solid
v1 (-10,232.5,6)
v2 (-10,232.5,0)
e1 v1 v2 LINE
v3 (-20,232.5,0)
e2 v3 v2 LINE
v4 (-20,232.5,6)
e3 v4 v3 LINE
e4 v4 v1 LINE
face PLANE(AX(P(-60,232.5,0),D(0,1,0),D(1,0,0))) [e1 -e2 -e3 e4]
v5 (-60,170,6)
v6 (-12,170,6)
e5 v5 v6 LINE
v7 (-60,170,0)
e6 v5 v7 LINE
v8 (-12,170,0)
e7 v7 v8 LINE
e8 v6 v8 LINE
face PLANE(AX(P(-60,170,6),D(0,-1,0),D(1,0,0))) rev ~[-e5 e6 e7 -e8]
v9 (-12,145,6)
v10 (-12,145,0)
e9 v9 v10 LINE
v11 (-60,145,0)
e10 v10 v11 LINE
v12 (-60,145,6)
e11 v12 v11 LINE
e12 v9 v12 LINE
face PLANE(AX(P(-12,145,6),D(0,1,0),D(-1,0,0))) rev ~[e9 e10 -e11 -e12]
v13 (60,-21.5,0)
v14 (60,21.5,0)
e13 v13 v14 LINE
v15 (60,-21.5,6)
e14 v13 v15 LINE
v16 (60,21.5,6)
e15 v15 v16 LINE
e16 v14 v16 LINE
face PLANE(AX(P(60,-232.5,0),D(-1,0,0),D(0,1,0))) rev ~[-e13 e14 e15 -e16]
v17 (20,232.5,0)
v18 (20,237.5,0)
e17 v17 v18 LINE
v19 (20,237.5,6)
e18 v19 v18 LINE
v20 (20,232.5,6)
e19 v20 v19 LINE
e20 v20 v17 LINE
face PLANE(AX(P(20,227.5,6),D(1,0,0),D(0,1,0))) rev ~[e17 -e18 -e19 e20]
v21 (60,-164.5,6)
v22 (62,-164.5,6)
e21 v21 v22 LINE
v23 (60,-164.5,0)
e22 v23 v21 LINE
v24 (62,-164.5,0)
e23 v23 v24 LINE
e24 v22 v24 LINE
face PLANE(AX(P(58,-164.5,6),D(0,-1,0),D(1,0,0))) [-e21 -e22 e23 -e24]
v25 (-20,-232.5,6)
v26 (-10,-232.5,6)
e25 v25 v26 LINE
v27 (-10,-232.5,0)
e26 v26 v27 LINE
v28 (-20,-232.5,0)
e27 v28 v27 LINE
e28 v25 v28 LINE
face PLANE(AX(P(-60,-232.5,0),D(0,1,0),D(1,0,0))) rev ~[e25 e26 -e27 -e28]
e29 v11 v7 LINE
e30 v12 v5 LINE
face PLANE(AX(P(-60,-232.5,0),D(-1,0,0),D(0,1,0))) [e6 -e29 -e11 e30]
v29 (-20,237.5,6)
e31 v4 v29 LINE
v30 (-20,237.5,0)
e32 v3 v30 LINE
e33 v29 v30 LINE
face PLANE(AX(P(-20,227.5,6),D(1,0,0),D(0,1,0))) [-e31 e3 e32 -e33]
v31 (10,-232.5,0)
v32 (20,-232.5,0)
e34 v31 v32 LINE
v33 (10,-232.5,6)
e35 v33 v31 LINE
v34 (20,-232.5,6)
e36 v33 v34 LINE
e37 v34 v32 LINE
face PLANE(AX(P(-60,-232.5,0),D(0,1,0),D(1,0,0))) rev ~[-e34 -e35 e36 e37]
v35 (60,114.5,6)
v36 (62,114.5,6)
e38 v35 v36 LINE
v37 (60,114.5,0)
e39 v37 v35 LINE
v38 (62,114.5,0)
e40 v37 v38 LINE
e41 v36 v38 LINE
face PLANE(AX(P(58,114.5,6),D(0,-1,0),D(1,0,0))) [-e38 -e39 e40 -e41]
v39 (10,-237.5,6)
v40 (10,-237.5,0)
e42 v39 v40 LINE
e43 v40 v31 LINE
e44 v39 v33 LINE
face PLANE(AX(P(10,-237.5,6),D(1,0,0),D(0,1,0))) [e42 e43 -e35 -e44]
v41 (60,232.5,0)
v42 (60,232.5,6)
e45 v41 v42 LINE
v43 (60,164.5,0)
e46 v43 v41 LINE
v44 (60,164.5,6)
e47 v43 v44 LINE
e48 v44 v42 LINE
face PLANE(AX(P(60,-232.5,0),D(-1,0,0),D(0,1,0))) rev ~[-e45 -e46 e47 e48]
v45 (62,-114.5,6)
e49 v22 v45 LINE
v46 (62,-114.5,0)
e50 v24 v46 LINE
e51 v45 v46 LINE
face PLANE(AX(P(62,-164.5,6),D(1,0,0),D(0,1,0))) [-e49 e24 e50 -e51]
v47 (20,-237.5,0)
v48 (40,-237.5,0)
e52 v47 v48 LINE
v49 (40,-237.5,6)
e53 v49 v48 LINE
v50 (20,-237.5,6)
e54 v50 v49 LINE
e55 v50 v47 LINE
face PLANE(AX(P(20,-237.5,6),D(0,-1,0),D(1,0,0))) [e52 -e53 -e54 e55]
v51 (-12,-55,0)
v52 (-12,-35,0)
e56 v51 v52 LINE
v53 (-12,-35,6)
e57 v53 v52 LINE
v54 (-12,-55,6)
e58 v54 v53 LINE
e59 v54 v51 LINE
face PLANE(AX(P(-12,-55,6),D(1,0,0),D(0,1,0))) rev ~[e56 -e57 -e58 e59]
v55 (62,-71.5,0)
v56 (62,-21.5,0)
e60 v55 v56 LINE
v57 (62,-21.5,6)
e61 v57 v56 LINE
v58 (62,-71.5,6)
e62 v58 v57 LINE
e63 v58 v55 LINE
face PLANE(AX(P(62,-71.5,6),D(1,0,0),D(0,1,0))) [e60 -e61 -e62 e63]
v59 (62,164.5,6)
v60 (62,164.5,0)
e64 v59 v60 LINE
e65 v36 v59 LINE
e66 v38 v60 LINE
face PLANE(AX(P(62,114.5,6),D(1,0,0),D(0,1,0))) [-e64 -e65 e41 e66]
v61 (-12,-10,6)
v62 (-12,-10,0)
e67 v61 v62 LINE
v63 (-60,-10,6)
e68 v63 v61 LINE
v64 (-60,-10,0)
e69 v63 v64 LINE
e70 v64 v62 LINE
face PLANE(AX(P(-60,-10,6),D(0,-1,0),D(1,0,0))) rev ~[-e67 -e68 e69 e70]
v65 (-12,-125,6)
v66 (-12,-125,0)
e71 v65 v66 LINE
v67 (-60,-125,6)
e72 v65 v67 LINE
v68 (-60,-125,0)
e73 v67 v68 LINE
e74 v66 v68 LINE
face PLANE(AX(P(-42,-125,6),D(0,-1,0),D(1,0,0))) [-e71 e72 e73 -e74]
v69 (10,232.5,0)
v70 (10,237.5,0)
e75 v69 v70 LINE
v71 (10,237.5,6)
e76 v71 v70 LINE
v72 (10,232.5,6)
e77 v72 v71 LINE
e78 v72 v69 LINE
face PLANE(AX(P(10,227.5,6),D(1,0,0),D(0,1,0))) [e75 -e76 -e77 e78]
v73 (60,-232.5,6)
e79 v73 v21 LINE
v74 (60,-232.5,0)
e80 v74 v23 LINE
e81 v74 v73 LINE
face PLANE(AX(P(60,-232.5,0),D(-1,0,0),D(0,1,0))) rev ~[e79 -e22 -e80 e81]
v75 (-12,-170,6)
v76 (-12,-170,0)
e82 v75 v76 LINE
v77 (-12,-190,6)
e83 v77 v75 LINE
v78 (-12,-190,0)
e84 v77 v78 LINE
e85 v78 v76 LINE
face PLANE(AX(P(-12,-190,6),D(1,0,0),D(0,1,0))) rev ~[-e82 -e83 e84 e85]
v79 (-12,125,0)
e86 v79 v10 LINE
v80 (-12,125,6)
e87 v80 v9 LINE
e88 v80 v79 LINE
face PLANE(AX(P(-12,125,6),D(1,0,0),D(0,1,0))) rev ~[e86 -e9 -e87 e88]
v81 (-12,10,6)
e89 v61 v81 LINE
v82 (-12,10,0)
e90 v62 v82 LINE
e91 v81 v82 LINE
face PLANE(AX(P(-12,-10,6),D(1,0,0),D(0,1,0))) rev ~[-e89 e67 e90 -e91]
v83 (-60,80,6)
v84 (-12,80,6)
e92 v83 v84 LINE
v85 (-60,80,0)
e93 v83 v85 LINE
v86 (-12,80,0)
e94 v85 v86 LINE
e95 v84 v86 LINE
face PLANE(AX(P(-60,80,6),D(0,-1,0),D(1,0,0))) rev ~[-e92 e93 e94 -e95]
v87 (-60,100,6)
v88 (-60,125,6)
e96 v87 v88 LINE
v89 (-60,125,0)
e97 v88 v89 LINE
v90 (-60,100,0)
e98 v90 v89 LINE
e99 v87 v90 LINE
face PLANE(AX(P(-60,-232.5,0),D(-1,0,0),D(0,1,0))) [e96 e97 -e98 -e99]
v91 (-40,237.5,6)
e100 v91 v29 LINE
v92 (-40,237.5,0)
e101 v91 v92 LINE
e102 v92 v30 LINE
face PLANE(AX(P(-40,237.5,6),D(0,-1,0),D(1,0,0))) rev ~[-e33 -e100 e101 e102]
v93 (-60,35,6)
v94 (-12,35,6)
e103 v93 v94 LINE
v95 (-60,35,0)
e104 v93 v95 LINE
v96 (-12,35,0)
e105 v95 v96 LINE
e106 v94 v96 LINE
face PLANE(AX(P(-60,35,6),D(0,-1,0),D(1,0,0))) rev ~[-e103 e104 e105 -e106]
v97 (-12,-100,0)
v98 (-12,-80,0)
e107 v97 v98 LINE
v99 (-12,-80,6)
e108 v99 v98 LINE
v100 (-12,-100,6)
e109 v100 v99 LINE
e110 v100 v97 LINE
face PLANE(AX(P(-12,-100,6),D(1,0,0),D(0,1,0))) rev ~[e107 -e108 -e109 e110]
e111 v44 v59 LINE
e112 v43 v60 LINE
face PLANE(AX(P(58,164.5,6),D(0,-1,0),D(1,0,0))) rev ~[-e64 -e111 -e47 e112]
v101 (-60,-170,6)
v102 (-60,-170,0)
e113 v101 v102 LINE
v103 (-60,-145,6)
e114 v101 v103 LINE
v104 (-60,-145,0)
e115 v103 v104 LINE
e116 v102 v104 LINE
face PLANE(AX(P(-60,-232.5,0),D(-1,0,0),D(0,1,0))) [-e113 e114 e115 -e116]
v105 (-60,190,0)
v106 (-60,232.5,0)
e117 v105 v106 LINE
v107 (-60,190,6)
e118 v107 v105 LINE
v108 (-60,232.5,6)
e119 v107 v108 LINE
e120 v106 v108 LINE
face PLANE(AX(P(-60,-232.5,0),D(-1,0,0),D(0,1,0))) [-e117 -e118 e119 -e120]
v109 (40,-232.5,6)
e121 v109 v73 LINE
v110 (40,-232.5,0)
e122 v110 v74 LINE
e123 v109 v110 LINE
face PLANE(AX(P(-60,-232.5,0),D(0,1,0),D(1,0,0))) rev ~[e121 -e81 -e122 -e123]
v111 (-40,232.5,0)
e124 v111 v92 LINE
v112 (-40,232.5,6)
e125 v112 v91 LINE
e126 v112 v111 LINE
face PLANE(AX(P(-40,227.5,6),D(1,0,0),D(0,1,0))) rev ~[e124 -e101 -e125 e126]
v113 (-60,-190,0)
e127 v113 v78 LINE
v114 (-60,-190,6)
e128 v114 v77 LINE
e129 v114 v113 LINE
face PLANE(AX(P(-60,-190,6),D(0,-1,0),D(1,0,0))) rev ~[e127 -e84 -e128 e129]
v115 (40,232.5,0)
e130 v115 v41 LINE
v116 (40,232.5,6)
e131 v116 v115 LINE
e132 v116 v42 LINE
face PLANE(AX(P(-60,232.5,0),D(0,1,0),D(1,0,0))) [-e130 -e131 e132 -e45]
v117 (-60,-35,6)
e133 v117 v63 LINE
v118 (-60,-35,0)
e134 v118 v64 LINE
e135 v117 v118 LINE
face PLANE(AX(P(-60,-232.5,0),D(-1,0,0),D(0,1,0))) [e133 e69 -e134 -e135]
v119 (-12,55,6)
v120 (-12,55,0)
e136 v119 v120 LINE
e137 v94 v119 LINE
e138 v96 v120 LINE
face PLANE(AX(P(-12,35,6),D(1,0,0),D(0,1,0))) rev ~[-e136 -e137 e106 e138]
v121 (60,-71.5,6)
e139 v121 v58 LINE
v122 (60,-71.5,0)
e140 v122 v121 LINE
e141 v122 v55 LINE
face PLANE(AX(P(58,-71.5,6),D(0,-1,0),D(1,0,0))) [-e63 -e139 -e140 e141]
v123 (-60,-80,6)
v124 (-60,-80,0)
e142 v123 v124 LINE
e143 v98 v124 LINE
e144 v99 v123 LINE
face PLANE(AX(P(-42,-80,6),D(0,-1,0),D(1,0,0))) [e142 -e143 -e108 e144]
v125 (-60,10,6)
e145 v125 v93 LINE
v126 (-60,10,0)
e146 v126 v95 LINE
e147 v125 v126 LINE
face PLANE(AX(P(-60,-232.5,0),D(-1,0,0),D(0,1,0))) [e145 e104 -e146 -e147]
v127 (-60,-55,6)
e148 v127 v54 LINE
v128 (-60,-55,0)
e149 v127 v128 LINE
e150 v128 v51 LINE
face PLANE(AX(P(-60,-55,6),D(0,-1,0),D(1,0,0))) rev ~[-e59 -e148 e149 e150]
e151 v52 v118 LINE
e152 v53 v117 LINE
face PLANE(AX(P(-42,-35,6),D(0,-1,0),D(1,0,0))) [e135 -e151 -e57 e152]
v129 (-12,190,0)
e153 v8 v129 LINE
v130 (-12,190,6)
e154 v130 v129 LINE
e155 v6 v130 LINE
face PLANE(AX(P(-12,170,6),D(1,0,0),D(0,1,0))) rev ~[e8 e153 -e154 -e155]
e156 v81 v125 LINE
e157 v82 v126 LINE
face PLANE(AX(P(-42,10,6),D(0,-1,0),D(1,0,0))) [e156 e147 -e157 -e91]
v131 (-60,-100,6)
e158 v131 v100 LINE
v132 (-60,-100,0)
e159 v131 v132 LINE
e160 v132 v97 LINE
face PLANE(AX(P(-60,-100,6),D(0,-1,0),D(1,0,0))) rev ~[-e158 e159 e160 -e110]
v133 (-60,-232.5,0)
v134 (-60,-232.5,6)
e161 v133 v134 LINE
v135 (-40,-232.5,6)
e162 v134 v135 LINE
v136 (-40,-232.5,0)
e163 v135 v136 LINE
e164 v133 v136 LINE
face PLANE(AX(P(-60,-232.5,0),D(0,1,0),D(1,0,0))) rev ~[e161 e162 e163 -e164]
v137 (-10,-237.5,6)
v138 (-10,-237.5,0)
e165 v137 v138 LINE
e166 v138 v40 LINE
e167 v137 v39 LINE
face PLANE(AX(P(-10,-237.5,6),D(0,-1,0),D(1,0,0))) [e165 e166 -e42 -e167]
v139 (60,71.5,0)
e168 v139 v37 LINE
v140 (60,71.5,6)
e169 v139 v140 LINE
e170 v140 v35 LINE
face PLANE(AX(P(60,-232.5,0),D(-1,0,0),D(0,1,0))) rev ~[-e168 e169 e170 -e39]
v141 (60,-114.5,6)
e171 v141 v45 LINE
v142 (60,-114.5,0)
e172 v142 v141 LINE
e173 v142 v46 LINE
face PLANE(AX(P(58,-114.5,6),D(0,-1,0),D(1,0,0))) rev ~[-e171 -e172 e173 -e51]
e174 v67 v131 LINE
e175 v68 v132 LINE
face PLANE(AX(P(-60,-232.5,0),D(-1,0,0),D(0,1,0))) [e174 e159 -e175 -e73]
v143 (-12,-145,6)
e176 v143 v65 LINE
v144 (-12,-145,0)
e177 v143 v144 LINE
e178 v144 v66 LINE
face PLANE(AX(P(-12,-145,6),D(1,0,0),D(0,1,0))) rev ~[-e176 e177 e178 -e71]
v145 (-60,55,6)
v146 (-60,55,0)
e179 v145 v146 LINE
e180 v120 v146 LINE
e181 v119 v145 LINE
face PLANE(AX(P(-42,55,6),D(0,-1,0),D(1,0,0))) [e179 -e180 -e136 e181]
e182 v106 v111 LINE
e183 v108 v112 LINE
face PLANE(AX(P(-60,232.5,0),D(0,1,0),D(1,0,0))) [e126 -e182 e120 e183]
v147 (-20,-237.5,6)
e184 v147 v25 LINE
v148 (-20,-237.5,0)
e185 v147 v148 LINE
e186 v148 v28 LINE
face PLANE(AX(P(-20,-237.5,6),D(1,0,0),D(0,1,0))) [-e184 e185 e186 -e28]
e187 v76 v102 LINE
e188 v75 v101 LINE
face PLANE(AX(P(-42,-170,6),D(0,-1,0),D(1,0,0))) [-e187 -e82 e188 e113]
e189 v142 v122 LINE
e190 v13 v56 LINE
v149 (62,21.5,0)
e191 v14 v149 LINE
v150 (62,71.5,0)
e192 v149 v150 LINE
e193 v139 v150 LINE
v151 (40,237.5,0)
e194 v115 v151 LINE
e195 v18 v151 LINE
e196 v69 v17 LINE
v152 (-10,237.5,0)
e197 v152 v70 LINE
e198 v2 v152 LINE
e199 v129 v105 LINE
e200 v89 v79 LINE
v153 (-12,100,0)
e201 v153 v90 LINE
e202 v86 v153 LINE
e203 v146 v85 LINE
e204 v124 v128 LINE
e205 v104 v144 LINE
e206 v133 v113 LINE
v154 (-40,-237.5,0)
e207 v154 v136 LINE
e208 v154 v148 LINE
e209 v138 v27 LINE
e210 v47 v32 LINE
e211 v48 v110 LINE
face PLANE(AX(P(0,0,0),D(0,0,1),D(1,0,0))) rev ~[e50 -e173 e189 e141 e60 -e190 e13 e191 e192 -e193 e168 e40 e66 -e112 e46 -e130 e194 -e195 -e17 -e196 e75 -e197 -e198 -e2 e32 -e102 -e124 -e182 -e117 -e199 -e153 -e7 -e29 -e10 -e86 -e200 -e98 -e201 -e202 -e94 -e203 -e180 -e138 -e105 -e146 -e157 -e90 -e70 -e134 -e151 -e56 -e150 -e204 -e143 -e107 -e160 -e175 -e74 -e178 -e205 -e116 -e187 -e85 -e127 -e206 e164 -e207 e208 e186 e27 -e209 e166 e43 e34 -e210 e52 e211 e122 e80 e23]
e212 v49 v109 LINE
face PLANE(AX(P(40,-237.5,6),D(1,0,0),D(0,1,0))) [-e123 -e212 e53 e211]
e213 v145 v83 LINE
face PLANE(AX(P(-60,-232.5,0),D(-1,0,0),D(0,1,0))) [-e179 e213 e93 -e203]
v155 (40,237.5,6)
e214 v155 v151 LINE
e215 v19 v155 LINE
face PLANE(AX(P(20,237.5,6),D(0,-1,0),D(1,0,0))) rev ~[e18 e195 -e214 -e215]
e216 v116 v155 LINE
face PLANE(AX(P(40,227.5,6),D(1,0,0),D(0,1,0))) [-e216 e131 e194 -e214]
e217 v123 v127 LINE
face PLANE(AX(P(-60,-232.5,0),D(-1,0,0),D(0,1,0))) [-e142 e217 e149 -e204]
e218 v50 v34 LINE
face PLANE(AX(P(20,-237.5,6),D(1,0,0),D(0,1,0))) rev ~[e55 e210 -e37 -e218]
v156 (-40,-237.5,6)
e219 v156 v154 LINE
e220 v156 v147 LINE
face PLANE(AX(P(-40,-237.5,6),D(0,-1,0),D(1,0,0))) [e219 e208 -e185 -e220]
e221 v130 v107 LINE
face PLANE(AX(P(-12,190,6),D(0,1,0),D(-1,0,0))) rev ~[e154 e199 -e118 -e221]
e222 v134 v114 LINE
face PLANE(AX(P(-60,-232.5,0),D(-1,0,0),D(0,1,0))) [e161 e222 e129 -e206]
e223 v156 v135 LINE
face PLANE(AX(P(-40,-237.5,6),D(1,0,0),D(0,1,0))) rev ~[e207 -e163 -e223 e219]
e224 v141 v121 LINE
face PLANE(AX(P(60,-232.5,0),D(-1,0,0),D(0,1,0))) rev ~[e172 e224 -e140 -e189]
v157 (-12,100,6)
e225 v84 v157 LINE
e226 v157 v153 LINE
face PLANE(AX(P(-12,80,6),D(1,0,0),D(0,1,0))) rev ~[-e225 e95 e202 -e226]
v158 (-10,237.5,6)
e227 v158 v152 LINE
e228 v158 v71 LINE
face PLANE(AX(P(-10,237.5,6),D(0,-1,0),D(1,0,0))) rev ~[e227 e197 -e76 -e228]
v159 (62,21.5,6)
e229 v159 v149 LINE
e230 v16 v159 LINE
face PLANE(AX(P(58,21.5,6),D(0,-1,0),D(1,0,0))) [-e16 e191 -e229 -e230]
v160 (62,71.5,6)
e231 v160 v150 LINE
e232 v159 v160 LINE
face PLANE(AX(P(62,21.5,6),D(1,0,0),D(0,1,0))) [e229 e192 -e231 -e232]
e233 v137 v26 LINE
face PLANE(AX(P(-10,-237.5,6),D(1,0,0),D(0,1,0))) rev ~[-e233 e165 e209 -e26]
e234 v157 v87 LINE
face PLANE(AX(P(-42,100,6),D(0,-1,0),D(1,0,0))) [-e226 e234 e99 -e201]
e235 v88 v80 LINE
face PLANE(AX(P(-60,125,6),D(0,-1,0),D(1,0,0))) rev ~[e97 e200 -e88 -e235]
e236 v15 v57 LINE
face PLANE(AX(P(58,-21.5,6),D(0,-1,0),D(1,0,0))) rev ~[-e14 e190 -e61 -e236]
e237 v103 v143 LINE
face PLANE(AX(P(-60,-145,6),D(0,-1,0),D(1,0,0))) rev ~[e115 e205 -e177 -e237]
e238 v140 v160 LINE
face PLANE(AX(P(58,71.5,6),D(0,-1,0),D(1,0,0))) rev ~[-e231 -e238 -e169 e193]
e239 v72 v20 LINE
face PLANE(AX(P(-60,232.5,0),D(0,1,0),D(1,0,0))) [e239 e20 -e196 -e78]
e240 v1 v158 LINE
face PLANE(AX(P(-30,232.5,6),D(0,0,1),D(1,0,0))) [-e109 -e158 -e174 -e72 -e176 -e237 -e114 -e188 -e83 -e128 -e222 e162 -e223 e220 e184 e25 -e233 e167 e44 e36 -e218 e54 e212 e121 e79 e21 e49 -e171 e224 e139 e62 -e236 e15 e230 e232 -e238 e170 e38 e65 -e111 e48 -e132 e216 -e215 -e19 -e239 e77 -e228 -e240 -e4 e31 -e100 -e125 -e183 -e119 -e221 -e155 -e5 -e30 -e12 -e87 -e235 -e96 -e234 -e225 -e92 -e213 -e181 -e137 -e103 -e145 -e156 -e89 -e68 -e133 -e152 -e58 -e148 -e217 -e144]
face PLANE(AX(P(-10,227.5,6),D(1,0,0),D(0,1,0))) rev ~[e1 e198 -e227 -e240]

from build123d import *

# Parameters (mm, degrees)
SKETCH1_W           = 120
SKETCH1_H           = 465
BOSS_EXTRUDE1_DEPTH = 6
SKETCH2_W           = 30
SKETCH2_H           = 20
CUT_EXTRUDE1_DEPTH  = 8
SKETCH4_W           = 20
SKETCH4_H           = 10
SKETCH4_W_2         = 4
SKETCH4_H_2         = 50
BOSS_EXTRUDE2_DEPTH = 6
SKETCH5_W           = 18
SKETCH5_H           = 20
CUT_EXTRUDE2_DEPTH  = 10


with BuildPart() as part:
    # Sketch1 → Boss-Extrude1 (new body)
    with BuildSketch(Plane.XY):
        Rectangle(SKETCH1_W, SKETCH1_H)
    extrude(amount=BOSS_EXTRUDE1_DEPTH)

    # Sketch2 → Cut-Extrude1 (cut)
    with BuildSketch(Plane.XY.offset(6)):
        Polygon((-12, 190), (-42, 190), (-42, 180), (-42, 170), (-12, 170), align=None)
        Polygon((-12, 145), (-42, 145), (-42, 135), (-42, 125), (-12, 125), align=None)
        with Locations((-27, 90)):
            Rectangle(SKETCH2_W, SKETCH2_H)
        with Locations((-27, 45)):
            Rectangle(SKETCH2_W, SKETCH2_H)
        with Locations((-27, 0)):
            Rectangle(SKETCH2_W, SKETCH2_H)
        with Locations((-27, -45)):
            Rectangle(SKETCH2_W, SKETCH2_H)
        with Locations((-27, -90)):
            Rectangle(SKETCH2_W, SKETCH2_H)
        with Locations((-27, -135)):
            Rectangle(SKETCH2_W, SKETCH2_H)
        with Locations((-27, -180)):
            Rectangle(SKETCH2_W, SKETCH2_H)
    extrude(amount=-CUT_EXTRUDE1_DEPTH, mode=Mode.SUBTRACT)

    # Sketch4 → Boss-Extrude2 (add)
    with BuildSketch(Plane.XY.offset(6)):
        with Locations((-30, 232.5)):
            Rectangle(SKETCH4_W, SKETCH4_H)
        with Locations((0, 232.5)):
            Rectangle(SKETCH4_W, SKETCH4_H)
        with Locations((30, 232.5)):
            Rectangle(SKETCH4_W, SKETCH4_H)
        with Locations((-30, -232.5)):
            Rectangle(SKETCH4_W, SKETCH4_H)
        with Locations((0, -232.5)):
            Rectangle(SKETCH4_W, SKETCH4_H)
        with Locations((30, -232.5)):
            Rectangle(SKETCH4_W, SKETCH4_H)
        with Locations((60, 139.5)):
            Rectangle(SKETCH4_W_2, SKETCH4_H_2)
        with Locations((60, 46.5)):
            Rectangle(SKETCH4_W_2, SKETCH4_H_2)
        with Locations((60, -46.5)):
            Rectangle(SKETCH4_W_2, SKETCH4_H_2)
        with Locations((60, -139.5)):
            Rectangle(SKETCH4_W_2, SKETCH4_H_2)
    extrude(amount=-BOSS_EXTRUDE2_DEPTH)

    # Sketch5 → Cut-Extrude2 (cut)
    with BuildSketch(Plane.XY.offset(6)):
        with Locations((-51, 180)):
            Rectangle(SKETCH5_W, SKETCH5_H)
        with Locations((-51, 135)):
            Rectangle(SKETCH5_W, SKETCH5_H)
        with Locations((-51, 90)):
            Rectangle(SKETCH5_W, SKETCH5_H)
        with Locations((-51, 45)):
            Rectangle(SKETCH5_W, SKETCH5_H)
        with Locations((-51, 0)):
            Rectangle(SKETCH5_W, SKETCH5_H)
        with Locations((-51, -45)):
            Rectangle(SKETCH5_W, SKETCH5_H)
        with Locations((-51, -90)):
            Rectangle(SKETCH5_W, SKETCH5_H)
        with Locations((-51, -135)):
            Rectangle(SKETCH5_W, SKETCH5_H)
        with Locations((-51, -180)):
            Rectangle(SKETCH5_W, SKETCH5_H)
    extrude(amount=-CUT_EXTRUDE2_DEPTH, mode=Mode.SUBTRACT)


solid = part.part
